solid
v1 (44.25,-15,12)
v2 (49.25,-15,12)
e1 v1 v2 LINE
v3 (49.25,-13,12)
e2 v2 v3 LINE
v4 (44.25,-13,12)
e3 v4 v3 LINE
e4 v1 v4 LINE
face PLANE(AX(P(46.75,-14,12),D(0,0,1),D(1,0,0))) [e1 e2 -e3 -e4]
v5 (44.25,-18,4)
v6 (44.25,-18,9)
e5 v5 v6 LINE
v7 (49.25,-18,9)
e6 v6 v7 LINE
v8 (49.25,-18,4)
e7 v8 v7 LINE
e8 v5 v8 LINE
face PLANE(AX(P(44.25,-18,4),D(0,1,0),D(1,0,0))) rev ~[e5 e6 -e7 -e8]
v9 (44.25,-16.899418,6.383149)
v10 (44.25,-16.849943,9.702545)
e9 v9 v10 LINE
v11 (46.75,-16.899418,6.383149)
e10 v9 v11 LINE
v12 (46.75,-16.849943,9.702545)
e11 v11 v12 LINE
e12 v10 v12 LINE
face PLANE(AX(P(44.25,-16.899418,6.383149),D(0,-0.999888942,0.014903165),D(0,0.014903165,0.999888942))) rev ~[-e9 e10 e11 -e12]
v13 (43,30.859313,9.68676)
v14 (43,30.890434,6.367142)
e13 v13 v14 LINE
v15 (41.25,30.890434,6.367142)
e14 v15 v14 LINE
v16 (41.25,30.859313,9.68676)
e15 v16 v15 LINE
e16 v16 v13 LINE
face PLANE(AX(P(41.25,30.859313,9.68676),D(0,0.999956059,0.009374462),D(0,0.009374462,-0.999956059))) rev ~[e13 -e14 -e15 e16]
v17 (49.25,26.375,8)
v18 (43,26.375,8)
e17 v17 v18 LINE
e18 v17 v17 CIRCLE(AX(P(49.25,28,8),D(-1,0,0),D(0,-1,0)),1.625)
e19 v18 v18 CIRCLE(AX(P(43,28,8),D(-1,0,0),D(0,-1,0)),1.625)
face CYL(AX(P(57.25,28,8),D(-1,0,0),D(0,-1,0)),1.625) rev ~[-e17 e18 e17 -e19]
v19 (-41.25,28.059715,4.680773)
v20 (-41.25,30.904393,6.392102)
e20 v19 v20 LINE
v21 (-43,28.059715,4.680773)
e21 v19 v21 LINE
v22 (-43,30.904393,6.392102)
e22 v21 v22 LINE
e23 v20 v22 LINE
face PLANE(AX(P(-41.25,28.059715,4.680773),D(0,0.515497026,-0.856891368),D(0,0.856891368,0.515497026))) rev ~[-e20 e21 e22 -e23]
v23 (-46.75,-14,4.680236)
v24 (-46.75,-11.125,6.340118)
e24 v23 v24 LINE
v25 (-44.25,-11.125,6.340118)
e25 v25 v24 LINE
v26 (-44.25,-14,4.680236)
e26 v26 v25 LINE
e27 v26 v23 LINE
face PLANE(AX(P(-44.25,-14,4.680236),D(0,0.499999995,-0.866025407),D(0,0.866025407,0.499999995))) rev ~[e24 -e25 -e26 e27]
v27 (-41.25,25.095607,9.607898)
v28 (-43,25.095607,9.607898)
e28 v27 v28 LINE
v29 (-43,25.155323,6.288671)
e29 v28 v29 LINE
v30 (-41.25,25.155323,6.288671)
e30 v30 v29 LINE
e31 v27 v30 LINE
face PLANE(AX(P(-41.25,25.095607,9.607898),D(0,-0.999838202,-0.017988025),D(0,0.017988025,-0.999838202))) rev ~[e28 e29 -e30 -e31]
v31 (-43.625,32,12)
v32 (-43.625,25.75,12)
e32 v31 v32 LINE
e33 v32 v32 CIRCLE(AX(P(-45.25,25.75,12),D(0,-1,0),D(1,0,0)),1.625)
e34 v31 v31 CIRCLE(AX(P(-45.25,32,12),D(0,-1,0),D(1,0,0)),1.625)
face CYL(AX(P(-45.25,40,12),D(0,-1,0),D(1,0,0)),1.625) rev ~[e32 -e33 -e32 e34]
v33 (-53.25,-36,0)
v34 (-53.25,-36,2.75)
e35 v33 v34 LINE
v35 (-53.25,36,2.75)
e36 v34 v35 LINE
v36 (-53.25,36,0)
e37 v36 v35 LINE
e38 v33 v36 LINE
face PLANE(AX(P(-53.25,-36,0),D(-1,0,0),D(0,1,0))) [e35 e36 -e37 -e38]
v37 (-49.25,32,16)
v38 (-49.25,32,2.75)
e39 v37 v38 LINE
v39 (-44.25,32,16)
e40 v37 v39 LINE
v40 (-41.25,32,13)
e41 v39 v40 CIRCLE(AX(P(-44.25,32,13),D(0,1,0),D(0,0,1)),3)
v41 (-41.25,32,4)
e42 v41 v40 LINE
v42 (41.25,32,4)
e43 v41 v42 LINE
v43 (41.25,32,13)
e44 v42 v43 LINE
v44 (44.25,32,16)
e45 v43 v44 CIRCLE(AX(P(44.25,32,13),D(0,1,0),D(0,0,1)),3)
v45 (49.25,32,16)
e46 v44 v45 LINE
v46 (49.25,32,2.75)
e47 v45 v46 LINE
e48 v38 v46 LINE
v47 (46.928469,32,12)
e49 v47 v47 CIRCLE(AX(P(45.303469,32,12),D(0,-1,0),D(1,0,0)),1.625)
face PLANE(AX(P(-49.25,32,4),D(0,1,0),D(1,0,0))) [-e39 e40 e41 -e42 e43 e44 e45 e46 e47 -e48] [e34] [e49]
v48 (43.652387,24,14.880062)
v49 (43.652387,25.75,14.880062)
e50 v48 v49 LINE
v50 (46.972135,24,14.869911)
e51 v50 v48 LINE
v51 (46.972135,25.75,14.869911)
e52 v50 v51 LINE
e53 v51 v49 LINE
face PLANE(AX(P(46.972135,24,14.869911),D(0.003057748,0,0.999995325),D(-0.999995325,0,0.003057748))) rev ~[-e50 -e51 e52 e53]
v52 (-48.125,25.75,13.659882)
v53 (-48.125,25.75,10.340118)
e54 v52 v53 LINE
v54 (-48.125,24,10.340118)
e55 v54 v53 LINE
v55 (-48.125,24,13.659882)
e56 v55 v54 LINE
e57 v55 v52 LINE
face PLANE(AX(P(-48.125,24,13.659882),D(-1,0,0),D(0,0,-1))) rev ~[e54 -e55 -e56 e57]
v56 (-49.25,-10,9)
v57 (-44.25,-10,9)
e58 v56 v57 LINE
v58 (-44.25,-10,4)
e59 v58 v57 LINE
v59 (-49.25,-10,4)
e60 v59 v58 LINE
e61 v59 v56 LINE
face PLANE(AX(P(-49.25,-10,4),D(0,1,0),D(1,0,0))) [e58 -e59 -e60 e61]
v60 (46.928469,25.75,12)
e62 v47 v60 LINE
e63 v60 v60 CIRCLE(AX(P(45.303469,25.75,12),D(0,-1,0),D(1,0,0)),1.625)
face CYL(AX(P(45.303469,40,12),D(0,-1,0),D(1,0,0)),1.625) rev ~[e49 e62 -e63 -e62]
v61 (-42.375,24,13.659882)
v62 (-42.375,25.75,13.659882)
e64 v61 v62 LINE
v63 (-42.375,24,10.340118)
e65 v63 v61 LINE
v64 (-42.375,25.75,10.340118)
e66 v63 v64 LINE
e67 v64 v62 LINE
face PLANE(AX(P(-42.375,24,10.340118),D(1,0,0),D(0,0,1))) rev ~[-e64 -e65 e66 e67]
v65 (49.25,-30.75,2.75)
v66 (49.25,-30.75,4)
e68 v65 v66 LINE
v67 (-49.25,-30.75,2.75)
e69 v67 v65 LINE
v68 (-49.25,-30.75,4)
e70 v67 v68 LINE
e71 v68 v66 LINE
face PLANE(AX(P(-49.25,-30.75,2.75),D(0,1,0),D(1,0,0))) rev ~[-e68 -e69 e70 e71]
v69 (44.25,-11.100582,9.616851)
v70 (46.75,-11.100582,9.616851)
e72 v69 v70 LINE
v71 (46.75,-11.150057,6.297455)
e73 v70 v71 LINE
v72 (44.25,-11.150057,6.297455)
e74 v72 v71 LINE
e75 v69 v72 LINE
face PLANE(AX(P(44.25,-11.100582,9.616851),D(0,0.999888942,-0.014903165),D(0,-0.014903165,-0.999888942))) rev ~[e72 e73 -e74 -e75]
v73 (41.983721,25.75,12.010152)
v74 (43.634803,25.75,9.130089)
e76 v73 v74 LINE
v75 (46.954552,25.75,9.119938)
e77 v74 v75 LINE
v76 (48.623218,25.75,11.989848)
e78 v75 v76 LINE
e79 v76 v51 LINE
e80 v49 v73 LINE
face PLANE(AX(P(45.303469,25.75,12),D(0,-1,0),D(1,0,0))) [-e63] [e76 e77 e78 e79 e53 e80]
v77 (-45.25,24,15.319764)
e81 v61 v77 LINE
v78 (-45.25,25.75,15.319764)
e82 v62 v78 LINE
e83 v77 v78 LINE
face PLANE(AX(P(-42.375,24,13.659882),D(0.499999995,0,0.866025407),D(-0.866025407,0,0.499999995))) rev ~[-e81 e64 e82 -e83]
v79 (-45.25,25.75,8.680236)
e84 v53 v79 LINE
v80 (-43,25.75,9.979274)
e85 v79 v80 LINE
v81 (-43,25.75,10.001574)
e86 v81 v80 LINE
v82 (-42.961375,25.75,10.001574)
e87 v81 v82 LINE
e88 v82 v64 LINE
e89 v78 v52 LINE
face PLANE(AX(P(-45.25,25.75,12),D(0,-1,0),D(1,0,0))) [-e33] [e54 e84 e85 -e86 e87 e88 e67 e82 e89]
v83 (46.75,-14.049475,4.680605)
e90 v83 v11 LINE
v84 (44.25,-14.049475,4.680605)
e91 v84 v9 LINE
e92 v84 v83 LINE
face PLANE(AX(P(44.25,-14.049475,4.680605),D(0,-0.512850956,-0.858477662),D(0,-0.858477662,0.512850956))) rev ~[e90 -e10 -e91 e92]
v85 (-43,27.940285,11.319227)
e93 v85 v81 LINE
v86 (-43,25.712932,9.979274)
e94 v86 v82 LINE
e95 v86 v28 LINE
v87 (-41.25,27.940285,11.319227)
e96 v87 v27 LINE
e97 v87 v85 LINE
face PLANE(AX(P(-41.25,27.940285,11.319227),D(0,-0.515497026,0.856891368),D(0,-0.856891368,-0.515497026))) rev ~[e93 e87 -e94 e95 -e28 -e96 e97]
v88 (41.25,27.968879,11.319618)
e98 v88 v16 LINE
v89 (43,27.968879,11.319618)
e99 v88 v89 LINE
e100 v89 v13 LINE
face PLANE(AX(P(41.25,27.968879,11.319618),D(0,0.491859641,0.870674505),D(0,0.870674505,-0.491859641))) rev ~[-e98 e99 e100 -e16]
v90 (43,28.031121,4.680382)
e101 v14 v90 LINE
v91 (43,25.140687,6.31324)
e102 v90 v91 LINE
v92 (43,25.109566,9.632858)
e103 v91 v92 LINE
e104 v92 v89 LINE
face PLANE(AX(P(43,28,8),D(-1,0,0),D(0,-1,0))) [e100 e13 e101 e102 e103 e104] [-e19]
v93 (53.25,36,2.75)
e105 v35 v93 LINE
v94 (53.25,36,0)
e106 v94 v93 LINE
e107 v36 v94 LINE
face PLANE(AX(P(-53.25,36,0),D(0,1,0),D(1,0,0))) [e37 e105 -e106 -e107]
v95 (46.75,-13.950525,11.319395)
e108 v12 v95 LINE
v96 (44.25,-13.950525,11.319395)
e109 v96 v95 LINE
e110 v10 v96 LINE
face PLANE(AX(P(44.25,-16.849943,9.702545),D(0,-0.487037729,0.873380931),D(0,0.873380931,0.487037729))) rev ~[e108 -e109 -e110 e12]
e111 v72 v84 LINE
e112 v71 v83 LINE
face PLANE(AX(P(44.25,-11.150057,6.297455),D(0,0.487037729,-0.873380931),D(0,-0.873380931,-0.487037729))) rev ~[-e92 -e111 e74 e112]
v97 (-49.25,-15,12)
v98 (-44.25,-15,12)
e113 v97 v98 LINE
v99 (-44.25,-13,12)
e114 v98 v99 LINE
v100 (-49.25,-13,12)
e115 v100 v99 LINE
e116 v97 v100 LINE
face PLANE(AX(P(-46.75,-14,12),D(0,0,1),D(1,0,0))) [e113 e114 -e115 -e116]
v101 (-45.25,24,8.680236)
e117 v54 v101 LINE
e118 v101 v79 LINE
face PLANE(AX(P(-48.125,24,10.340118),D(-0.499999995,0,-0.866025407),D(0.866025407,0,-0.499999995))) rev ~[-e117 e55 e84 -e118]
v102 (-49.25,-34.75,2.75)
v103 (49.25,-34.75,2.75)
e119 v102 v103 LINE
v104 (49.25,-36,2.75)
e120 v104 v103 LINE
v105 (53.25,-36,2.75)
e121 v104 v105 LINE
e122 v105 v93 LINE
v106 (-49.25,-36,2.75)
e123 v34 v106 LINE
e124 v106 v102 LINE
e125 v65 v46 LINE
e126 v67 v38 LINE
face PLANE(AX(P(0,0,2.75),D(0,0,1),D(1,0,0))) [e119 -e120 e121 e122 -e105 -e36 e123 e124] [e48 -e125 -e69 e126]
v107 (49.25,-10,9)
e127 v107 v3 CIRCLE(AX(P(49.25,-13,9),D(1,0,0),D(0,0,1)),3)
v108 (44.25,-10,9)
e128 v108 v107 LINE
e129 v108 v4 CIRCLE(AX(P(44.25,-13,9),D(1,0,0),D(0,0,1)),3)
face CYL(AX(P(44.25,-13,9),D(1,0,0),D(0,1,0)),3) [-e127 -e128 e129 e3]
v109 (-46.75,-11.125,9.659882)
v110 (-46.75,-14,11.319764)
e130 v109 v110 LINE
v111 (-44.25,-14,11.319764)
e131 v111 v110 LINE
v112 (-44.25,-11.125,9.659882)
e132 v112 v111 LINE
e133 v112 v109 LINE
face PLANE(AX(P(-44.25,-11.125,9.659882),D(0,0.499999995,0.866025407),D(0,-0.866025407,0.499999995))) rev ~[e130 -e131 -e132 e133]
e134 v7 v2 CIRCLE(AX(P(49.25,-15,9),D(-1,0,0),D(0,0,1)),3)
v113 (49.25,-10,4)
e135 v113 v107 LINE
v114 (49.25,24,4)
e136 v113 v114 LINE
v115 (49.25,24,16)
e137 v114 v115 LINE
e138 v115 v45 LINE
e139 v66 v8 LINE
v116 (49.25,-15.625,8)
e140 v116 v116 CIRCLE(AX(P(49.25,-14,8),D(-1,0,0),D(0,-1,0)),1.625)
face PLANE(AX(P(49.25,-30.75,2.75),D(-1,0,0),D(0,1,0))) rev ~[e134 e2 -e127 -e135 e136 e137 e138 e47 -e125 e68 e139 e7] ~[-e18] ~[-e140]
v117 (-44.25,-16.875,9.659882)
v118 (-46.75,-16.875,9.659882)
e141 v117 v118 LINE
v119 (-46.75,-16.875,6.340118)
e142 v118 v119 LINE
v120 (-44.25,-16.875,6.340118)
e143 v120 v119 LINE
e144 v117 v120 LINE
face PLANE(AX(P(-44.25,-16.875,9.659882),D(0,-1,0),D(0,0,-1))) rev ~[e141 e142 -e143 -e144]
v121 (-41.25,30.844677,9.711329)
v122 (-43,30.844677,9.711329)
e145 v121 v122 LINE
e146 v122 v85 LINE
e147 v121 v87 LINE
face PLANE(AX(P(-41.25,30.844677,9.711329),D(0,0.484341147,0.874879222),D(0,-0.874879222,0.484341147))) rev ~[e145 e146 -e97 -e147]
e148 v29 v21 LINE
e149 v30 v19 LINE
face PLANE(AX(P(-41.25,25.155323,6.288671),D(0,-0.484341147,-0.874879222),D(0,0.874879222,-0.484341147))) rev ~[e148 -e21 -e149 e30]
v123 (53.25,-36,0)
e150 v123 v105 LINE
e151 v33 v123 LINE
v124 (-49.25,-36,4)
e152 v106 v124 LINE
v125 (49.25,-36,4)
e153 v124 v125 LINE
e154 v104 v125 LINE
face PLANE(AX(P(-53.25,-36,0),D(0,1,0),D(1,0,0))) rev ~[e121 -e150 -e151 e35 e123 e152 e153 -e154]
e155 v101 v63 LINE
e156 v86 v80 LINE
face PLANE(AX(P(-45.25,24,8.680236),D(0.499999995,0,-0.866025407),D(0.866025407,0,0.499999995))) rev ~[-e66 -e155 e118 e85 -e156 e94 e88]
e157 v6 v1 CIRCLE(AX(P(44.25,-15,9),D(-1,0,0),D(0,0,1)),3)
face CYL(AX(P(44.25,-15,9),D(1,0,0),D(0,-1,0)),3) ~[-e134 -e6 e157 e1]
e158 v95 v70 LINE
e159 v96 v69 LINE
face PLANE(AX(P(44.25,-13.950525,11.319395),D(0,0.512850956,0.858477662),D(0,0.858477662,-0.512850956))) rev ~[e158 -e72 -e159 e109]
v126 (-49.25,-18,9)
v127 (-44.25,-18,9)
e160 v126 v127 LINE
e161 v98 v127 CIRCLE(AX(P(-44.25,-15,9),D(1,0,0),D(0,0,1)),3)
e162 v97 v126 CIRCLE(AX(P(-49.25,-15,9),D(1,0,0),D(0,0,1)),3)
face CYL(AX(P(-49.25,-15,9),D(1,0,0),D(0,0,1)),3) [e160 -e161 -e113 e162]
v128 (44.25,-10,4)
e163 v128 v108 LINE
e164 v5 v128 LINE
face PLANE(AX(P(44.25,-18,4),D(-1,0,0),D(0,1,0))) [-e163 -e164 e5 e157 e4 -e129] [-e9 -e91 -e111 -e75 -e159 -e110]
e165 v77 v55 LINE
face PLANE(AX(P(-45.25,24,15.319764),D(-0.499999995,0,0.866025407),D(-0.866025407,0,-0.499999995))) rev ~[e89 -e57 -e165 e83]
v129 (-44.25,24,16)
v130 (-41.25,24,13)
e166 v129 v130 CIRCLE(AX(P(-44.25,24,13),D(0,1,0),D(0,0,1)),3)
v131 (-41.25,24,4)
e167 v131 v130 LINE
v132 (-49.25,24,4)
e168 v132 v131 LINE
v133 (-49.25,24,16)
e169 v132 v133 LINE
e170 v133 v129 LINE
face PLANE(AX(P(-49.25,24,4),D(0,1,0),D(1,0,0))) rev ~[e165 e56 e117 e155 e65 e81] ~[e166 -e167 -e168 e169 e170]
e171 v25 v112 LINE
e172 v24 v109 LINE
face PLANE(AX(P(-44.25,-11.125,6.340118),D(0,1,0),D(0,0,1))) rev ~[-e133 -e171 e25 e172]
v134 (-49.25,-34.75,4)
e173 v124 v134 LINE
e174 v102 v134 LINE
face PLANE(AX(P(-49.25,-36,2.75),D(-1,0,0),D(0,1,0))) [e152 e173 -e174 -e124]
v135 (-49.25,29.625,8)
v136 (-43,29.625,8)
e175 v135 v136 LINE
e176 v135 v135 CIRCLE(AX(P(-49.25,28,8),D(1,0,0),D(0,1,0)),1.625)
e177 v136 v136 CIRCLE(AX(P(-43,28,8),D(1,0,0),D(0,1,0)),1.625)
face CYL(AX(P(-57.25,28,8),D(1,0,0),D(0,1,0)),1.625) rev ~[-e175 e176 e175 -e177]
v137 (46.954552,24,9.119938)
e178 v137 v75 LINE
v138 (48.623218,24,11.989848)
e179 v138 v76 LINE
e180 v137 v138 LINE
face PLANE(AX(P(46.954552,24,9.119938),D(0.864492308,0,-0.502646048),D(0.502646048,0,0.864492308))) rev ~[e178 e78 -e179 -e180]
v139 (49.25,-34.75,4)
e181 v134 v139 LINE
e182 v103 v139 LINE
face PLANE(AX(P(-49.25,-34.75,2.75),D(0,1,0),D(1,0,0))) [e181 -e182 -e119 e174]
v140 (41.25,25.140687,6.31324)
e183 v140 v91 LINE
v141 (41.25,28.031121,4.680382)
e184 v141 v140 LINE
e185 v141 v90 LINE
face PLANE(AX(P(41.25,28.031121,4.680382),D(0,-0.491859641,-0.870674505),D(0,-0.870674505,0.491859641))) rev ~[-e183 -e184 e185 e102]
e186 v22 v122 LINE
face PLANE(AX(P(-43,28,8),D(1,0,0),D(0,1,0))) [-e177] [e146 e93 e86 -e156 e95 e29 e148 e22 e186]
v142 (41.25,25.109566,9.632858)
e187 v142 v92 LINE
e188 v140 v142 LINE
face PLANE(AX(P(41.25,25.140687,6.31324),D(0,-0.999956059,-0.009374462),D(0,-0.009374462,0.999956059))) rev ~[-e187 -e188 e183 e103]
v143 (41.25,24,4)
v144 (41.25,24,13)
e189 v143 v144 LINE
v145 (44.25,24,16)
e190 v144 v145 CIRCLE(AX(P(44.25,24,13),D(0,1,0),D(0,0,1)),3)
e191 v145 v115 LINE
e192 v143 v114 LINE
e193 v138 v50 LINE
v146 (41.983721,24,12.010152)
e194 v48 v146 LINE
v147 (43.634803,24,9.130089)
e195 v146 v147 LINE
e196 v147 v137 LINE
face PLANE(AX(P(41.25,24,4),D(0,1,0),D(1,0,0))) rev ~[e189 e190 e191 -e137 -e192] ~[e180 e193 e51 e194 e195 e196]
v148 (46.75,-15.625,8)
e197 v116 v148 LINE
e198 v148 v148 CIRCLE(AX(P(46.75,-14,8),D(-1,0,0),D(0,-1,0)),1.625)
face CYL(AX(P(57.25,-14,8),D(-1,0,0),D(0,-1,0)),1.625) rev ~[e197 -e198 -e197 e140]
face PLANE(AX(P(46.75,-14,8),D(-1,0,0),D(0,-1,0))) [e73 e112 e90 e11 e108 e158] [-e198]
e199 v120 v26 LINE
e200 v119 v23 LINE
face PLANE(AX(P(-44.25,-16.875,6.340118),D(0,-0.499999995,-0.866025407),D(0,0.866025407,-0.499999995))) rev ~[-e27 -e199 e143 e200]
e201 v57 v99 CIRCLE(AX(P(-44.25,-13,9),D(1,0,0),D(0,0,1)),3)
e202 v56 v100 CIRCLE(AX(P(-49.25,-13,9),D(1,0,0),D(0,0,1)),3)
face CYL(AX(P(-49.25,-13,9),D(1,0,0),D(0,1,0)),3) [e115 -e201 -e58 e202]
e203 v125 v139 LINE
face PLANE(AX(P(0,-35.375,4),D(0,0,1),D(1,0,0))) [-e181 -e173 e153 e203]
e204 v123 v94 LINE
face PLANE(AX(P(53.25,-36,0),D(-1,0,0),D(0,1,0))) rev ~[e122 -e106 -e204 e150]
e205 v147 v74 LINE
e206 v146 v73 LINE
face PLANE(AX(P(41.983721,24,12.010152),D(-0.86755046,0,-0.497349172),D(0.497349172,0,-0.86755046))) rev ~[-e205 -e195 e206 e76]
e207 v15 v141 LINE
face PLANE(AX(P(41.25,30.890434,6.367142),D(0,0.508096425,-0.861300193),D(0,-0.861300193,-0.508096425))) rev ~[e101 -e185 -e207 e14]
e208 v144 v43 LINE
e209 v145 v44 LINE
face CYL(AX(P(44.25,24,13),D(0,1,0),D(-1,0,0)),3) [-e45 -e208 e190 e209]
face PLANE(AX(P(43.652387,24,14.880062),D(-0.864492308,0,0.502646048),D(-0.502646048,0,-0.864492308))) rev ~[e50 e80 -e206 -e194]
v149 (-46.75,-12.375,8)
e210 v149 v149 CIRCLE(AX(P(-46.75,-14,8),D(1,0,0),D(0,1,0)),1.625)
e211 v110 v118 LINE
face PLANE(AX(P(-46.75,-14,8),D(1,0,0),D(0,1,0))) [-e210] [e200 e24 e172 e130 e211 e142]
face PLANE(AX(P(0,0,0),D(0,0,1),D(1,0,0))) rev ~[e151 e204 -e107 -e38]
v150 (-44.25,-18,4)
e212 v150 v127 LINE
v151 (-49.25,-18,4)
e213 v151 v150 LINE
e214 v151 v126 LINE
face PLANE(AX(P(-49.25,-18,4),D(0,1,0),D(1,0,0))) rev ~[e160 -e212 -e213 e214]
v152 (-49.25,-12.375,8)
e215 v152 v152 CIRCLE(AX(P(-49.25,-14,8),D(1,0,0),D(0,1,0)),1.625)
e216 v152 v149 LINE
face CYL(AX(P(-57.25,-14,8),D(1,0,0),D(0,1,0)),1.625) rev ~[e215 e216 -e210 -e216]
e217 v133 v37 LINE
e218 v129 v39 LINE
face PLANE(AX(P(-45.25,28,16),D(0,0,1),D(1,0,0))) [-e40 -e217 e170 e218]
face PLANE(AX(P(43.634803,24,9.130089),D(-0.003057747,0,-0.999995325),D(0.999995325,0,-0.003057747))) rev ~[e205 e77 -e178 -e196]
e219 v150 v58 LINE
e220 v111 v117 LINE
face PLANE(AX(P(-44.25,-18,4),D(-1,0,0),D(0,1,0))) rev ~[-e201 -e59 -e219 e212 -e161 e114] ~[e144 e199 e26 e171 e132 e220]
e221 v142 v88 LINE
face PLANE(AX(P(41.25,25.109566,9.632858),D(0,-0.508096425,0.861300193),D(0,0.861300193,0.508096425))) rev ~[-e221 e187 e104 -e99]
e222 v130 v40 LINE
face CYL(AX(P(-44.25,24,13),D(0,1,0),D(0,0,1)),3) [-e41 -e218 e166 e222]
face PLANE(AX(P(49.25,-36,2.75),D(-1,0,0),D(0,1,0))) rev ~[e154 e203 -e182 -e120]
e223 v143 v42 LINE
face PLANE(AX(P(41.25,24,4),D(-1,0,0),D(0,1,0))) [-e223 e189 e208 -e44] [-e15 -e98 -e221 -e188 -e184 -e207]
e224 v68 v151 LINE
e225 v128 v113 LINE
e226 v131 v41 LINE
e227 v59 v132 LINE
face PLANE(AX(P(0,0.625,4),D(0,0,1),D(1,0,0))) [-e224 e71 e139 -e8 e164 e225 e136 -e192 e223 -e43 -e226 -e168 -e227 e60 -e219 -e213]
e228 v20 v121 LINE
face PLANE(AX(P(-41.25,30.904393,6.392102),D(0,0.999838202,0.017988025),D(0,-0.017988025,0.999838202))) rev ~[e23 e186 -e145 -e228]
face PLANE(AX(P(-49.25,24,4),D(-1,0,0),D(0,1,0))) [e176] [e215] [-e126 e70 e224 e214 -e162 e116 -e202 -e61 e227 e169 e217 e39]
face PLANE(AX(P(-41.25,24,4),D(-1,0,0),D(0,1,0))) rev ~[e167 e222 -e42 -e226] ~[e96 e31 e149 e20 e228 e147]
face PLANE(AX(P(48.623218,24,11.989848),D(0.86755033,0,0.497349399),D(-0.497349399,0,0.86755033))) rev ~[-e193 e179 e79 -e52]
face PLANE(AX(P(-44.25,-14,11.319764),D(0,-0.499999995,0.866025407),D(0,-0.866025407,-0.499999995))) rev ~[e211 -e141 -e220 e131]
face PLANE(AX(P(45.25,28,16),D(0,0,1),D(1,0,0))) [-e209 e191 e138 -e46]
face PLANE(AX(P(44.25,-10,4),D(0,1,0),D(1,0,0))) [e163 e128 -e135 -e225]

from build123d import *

# Parameters (mm, degrees)
F0_W      = 106.5
F0_H      = 72
F1_DEPTH  = 2.75
F2_W      = 98.5
F2_H      = 62.75
F2_H_2    = 1.25
F3_DEPTH  = 1.25
F4_W      = 8
F4_H      = 8
F5_DEPTH  = 12
F6_W      = 5
F6_H      = 8
F7_DEPTH  = 8
F11_D     = 3.25
F11_DEPTH = 8
F12_D     = 3.25
F12_DEPTH = 8
F13_D     = 3.25
F13_DEPTH = 8
F15_DEPTH = 2.5
F17_DEPTH = 1.75
F19_DEPTH = 1.75
F21_DEPTH = 2.5
F23_DEPTH = 1.75
F25_DEPTH = 1.75
F26_R     = 3


with BuildPart() as f1:
    # F0 (on Top) → F1 (new body)
    with BuildSketch(Plane.XY):
        Rectangle(F0_W, F0_H)
    extrude(amount=F1_DEPTH)

    # F2 (on face) → F3 (join)
    with BuildSketch(Plane.XY.offset(2.75)):
        with Locations((0, 0.625)):
            Rectangle(F2_W, F2_H)
        with Locations((0, -35.375)):
            Rectangle(F2_W, F2_H_2)
    extrude(amount=F3_DEPTH)

    # F4 (on face) → F5 (join)
    with BuildSketch(Plane.XY.offset(4)):
        with Locations((-45.25, 28)):
            Rectangle(F4_W, F4_H)
        with Locations((45.25, 28)):
            Rectangle(F4_W, F4_H)
    extrude(amount=F5_DEPTH)

    # F6 (on face) → F7 (join)
    with BuildSketch(Plane.XY.offset(4)):
        with Locations((-46.75, -14)):
            Rectangle(F6_W, F6_H)
        with Locations((46.75, -14)):
            Rectangle(F6_W, F6_H)
    extrude(amount=F7_DEPTH)

    # F11
    with Locations(Plane(origin=(0, 32, 0), x_dir=(-1, 0, 0), z_dir=(0, 1, 0))):
        with Locations((-45.303469, 12), (45.25, 12)):
            Hole(F11_D / 2, depth=F11_DEPTH)

    # F12
    with Locations(Plane(origin=(-49.25, 0, 0), x_dir=(0, -1, 0), z_dir=(-1, 0, 0))):
        with Locations((-28, 8), (14, 8)):
            Hole(F12_D / 2, depth=F12_DEPTH)

    # F13
    with Locations(Plane.YZ.offset(49.25)):
        with Locations((-14, 8), (28, 8)):
            Hole(F13_D / 2, depth=F13_DEPTH)

    # F14 (on face) → F15 (cut)
    with BuildSketch(Plane.YZ.offset(-44.25)):
        Polygon((-11.125, 6.340118), (-11.125, 9.659882), (-14, 11.319764), (-16.875, 9.659882), (-16.875, 6.340118), (-14, 4.680236), align=None)
    extrude(amount=-F15_DEPTH, mode=Mode.SUBTRACT)

    # F16 (on face) → F17 (cut)
    with BuildSketch(Plane.YZ.offset(-41.25)):
        Polygon((30.844677, 9.711329), (27.940285, 11.319227), (25.095607, 9.607898), (25.155323, 6.288671), (28.059715, 4.680773), (30.904393, 6.392102), align=None)
    extrude(amount=-F17_DEPTH, mode=Mode.SUBTRACT)

    # F18 (on face) → F19 (cut)
    with BuildSketch(Plane(origin=(41.25, 0, 0), x_dir=(0, -1, 0), z_dir=(-1, 0, 0))):
        Polygon((-25.109566, 9.632858), (-27.968879, 11.319618), (-30.859313, 9.68676), (-30.890434, 6.367142), (-28.031121, 4.680382), (-25.140687, 6.31324), align=None)
    extrude(amount=-F19_DEPTH, mode=Mode.SUBTRACT)

    # F20 (on face) → F21 (cut)
    with BuildSketch(Plane(origin=(44.25, 0, 0), x_dir=(0, -1, 0), z_dir=(-1, 0, 0))):
        Polygon((13.950525, 11.319395), (11.100582, 9.616851), (11.150057, 6.297455), (14.049475, 4.680605), (16.899418, 6.383149), (16.849943, 9.702545), align=None)
    extrude(amount=-F21_DEPTH, mode=Mode.SUBTRACT)

    # F22 (on face) → F23 (cut)
    with BuildSketch(Plane.XZ.offset(-24)):
        Polygon((-42.375, 10.340118), (-42.375, 13.659882), (-45.25, 15.319764), (-48.125, 13.659882), (-48.125, 10.340118), (-45.25, 8.680236), align=None)
    extrude(amount=-F23_DEPTH, mode=Mode.SUBTRACT)

    # F24 (on face) → F25 (cut)
    with BuildSketch(Plane.XZ.offset(-24)):
        Polygon((41.983721, 12.010152), (43.634803, 9.130089), (46.954552, 9.119938), (48.623218, 11.989848), (46.972135, 14.869911), (43.652387, 14.880062), align=None)
    extrude(amount=-F25_DEPTH, mode=Mode.SUBTRACT)

    # F26
    f26_edges = [f1.edges().sort_by_distance(p)[0] for p in [
        (46.75, -18, 12),
        (46.75, -10, 12),
        (-46.75, -18, 12),
        (-46.75, -10, 12),
        (-41.25, 28, 16),
        (41.25, 28, 16),
    ]]
    fillet(f26_edges, radius=F26_R)


solid = f1.part
